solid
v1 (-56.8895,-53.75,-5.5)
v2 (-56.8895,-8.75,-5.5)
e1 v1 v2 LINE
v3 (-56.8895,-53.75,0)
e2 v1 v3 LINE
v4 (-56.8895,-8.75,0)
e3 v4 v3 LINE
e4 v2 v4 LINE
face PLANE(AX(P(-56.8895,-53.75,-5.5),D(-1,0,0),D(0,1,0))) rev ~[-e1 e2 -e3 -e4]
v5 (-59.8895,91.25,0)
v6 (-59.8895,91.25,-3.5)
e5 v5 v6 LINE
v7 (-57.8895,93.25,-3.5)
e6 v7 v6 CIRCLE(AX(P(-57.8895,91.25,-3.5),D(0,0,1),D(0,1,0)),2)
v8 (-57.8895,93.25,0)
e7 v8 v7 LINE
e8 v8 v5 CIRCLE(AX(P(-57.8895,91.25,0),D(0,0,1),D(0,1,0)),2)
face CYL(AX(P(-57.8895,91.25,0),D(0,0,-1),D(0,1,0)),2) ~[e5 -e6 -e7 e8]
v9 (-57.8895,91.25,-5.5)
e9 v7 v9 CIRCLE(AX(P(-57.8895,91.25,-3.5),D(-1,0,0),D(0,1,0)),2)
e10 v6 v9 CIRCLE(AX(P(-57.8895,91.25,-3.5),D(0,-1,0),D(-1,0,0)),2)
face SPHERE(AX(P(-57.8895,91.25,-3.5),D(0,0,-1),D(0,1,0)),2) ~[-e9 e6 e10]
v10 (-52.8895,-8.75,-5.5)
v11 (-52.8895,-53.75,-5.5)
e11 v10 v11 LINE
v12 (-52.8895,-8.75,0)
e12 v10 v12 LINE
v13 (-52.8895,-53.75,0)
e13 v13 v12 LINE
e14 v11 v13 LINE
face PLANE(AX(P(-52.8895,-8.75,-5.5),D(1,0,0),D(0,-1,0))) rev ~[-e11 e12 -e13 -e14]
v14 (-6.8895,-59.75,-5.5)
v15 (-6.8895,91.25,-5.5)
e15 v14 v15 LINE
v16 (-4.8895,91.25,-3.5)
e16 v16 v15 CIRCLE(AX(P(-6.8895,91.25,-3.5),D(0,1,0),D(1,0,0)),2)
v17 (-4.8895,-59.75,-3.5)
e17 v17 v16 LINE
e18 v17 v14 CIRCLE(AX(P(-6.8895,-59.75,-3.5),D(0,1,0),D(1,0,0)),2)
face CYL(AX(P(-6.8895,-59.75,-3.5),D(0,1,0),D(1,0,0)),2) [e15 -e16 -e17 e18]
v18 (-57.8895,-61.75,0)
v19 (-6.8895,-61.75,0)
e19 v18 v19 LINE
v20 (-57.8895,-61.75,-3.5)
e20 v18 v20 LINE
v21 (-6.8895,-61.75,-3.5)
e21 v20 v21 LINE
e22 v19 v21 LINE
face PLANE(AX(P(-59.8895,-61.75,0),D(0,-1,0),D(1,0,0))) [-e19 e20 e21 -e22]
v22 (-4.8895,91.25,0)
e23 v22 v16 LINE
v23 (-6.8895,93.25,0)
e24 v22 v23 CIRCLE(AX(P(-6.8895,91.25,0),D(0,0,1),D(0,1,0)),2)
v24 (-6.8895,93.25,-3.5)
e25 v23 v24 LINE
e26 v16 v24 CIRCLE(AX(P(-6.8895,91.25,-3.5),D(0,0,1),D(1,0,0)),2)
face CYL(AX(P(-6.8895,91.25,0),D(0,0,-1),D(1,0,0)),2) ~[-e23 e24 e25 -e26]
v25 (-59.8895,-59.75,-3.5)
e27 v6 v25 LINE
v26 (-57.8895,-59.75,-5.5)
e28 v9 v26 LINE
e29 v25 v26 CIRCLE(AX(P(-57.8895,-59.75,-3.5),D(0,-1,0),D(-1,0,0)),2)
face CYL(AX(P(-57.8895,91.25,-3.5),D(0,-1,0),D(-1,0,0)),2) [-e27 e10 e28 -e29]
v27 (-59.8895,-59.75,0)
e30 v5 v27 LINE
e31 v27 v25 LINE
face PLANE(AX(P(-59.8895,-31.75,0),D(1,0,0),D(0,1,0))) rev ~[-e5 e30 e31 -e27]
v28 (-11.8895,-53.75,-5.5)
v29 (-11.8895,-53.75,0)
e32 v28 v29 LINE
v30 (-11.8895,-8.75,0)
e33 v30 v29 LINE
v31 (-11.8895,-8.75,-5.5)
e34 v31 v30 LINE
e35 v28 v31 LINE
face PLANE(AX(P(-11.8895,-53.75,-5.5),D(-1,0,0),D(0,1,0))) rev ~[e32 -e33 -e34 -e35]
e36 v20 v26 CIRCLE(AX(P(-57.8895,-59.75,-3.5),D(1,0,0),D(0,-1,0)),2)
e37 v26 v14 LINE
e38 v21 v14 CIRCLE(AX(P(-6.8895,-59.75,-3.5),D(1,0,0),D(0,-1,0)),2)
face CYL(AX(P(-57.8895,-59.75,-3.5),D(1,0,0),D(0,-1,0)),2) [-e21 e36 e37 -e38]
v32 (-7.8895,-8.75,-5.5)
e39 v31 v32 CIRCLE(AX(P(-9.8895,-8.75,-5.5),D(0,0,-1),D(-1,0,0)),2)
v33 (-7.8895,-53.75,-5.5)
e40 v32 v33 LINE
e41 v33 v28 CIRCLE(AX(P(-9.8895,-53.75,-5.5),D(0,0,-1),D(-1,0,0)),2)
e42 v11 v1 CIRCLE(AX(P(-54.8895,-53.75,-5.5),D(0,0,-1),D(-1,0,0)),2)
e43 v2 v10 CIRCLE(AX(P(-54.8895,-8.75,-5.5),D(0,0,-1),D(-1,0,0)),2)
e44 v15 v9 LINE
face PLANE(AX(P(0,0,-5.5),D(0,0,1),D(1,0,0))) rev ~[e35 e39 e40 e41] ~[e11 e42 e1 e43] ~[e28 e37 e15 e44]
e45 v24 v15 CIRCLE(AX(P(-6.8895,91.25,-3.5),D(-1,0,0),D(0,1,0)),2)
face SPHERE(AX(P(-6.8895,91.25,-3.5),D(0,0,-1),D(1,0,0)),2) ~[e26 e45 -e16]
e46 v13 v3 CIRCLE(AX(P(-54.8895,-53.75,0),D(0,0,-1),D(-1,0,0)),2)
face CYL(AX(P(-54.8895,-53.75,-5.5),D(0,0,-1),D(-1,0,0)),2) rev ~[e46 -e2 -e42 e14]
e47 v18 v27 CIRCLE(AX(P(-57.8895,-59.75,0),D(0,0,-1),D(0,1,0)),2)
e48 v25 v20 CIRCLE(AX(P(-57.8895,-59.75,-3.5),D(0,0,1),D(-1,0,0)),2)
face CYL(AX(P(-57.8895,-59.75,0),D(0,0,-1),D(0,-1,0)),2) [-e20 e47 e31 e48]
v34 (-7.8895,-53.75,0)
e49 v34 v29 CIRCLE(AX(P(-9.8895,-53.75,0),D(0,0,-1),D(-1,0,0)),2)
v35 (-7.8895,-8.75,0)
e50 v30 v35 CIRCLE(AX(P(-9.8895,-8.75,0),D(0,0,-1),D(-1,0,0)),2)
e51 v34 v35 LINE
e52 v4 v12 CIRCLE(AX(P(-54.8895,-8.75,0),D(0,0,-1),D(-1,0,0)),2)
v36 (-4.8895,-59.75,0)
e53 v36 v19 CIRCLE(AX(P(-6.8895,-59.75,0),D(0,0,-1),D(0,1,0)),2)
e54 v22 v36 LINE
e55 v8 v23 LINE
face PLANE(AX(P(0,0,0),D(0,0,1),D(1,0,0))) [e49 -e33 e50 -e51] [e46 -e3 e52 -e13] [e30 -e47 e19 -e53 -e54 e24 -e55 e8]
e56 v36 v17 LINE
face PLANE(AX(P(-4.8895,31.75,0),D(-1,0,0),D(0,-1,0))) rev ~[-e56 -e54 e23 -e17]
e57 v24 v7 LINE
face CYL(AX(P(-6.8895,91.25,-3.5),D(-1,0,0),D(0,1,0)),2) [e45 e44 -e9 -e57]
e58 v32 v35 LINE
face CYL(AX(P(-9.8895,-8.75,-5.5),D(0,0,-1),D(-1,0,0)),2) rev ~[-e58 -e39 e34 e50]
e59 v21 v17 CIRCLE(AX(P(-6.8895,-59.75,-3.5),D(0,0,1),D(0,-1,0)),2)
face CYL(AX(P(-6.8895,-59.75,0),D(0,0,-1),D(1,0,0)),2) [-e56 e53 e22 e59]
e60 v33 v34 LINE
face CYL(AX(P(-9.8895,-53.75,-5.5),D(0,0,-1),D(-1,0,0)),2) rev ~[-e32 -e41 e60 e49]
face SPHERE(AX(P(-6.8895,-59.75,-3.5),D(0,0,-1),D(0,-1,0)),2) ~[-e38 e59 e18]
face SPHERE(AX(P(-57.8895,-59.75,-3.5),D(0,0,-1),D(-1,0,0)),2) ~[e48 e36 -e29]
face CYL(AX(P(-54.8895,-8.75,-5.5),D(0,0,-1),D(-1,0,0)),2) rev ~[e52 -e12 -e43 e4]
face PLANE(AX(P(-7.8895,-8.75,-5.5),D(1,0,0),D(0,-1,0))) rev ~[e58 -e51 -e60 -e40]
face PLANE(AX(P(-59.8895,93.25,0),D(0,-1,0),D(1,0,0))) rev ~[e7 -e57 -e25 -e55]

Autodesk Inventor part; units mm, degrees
ref_plane "YZ Plane" through (0, 0, 0) normal (1, 0, 0) x (0, 1, 0)
ref_plane "XZ Plane" through (0, 0, 0) normal (0, 1, 0) x (-1, 0, 0)
ref_plane "XY Plane" through (0, 0, 0) normal (0, 0, 1) x (1, 0, 0)
sketch "Sketch1" plane through (0, 0, 0) normal (0, 0, 1) x (1, 0, 0)
  line L0 (4.8895, 31.75) -> (-4.8895, 31.75) projected
  line L1 (-4.8895, 31.75) -> (-4.8895, -31.75) projected
  line L2 (-4.8895, -31.75) -> (4.8895, -31.75) projected
  line L3 (4.8895, -31.75) -> (4.8895, 31.75) projected
  line L4 (-4.8895, -31.75) -> (-59.8895, -31.75)
  line L5 (-59.8895, -31.75) -> (-59.8895, 93.25)
  line L6 (-59.8895, 93.25) -> (-4.8895, 93.25)
  line L7 (-4.8895, 93.25) -> (-4.8895, -31.75)
  point P0 (0, 0)
  dimension "d0" = 125
  dimension "d1" = 55
extrude "Extrusion1" add sketch "Sketch1" against normal blind 5.5 contours L1 L4 L5 L6 L7
sketch "Sketch3" plane through (-59.8895, -31.75, 0) normal (0, -1, 0) x (1, 0, 0)
  line L0 (0, 0) -> (55, 0) projected
  line L1 (0, 0) -> (0, -5.5) projected
  line L2 (55, -5.5) -> (0, -5.5) projected
  line L3 (55, 0) -> (55, -5.5) projected
  point P0 (59.8895, 0)
extrude "Extrusion2" add sketch "Sketch3" along normal blind 30
sketch "Sketch4" plane through (0, 0, -5.5) normal (0, 0, -1) x (-1, 0, 0)
  circle A0 centre (54.8895, -8.75) radius 1.25 projected
  circle A1 centre (9.8895, -8.75) radius 1.25
  circle A2 centre (54.8895, -8.75) radius 2
  circle A3 centre (9.8895, -8.75) radius 2
  line L0 (9.8895, -8.75) -> (9.8895, -53.75)
  circle A4 centre (9.8895, -53.75) radius 2
  line L1 (54.8895, -8.75) -> (54.8895, -53.75)
  circle A5 centre (54.8895, -53.75) radius 2
  line L2 (56.8895, -8.75) -> (52.8895, -8.75)
  line L3 (52.8895, -8.75) -> (52.8895, -53.75)
  line L4 (52.8895, -53.75) -> (56.8895, -53.75)
  line L5 (56.8895, -53.75) -> (56.8895, -8.75)
  line L6 (11.8895, -8.75) -> (7.8895, -8.75)
  line L7 (7.8895, -8.75) -> (7.8895, -53.75)
  line L8 (7.8895, -53.75) -> (11.8895, -53.75)
  line L9 (11.8895, -53.75) -> (11.8895, -8.75)
  point P0 (0, 0)
  dimension "d6" = 4
  dimension "d7" = 4
  dimension "d9" = 4
  dimension "d11" = 4
  dimension "d8" = 45
  dimension "d10" = 45
extrude "Extrusion3" cut sketch "Sketch4" against normal blind 30
fillet "Fillet1" radius 2 4 edges at (-59.8895, 93.25, -2.75) (-4.8895, 93.25, -2.75) (-4.8895, -61.75, -2.75) (-59.8895, -61.75, -2.75)
fillet "Fillet2" radius 2 6 edges at (-4.8895, 15.75, -5.5) (-5.4753, 92.6642, -5.5) (-32.3895, 93.25, -5.5) (-59.3037, 92.6642, -5.5) (-59.8895, 15.75, -5.5) (-32.3895, -61.75, -5.5)
properties part number "HeadBase"
